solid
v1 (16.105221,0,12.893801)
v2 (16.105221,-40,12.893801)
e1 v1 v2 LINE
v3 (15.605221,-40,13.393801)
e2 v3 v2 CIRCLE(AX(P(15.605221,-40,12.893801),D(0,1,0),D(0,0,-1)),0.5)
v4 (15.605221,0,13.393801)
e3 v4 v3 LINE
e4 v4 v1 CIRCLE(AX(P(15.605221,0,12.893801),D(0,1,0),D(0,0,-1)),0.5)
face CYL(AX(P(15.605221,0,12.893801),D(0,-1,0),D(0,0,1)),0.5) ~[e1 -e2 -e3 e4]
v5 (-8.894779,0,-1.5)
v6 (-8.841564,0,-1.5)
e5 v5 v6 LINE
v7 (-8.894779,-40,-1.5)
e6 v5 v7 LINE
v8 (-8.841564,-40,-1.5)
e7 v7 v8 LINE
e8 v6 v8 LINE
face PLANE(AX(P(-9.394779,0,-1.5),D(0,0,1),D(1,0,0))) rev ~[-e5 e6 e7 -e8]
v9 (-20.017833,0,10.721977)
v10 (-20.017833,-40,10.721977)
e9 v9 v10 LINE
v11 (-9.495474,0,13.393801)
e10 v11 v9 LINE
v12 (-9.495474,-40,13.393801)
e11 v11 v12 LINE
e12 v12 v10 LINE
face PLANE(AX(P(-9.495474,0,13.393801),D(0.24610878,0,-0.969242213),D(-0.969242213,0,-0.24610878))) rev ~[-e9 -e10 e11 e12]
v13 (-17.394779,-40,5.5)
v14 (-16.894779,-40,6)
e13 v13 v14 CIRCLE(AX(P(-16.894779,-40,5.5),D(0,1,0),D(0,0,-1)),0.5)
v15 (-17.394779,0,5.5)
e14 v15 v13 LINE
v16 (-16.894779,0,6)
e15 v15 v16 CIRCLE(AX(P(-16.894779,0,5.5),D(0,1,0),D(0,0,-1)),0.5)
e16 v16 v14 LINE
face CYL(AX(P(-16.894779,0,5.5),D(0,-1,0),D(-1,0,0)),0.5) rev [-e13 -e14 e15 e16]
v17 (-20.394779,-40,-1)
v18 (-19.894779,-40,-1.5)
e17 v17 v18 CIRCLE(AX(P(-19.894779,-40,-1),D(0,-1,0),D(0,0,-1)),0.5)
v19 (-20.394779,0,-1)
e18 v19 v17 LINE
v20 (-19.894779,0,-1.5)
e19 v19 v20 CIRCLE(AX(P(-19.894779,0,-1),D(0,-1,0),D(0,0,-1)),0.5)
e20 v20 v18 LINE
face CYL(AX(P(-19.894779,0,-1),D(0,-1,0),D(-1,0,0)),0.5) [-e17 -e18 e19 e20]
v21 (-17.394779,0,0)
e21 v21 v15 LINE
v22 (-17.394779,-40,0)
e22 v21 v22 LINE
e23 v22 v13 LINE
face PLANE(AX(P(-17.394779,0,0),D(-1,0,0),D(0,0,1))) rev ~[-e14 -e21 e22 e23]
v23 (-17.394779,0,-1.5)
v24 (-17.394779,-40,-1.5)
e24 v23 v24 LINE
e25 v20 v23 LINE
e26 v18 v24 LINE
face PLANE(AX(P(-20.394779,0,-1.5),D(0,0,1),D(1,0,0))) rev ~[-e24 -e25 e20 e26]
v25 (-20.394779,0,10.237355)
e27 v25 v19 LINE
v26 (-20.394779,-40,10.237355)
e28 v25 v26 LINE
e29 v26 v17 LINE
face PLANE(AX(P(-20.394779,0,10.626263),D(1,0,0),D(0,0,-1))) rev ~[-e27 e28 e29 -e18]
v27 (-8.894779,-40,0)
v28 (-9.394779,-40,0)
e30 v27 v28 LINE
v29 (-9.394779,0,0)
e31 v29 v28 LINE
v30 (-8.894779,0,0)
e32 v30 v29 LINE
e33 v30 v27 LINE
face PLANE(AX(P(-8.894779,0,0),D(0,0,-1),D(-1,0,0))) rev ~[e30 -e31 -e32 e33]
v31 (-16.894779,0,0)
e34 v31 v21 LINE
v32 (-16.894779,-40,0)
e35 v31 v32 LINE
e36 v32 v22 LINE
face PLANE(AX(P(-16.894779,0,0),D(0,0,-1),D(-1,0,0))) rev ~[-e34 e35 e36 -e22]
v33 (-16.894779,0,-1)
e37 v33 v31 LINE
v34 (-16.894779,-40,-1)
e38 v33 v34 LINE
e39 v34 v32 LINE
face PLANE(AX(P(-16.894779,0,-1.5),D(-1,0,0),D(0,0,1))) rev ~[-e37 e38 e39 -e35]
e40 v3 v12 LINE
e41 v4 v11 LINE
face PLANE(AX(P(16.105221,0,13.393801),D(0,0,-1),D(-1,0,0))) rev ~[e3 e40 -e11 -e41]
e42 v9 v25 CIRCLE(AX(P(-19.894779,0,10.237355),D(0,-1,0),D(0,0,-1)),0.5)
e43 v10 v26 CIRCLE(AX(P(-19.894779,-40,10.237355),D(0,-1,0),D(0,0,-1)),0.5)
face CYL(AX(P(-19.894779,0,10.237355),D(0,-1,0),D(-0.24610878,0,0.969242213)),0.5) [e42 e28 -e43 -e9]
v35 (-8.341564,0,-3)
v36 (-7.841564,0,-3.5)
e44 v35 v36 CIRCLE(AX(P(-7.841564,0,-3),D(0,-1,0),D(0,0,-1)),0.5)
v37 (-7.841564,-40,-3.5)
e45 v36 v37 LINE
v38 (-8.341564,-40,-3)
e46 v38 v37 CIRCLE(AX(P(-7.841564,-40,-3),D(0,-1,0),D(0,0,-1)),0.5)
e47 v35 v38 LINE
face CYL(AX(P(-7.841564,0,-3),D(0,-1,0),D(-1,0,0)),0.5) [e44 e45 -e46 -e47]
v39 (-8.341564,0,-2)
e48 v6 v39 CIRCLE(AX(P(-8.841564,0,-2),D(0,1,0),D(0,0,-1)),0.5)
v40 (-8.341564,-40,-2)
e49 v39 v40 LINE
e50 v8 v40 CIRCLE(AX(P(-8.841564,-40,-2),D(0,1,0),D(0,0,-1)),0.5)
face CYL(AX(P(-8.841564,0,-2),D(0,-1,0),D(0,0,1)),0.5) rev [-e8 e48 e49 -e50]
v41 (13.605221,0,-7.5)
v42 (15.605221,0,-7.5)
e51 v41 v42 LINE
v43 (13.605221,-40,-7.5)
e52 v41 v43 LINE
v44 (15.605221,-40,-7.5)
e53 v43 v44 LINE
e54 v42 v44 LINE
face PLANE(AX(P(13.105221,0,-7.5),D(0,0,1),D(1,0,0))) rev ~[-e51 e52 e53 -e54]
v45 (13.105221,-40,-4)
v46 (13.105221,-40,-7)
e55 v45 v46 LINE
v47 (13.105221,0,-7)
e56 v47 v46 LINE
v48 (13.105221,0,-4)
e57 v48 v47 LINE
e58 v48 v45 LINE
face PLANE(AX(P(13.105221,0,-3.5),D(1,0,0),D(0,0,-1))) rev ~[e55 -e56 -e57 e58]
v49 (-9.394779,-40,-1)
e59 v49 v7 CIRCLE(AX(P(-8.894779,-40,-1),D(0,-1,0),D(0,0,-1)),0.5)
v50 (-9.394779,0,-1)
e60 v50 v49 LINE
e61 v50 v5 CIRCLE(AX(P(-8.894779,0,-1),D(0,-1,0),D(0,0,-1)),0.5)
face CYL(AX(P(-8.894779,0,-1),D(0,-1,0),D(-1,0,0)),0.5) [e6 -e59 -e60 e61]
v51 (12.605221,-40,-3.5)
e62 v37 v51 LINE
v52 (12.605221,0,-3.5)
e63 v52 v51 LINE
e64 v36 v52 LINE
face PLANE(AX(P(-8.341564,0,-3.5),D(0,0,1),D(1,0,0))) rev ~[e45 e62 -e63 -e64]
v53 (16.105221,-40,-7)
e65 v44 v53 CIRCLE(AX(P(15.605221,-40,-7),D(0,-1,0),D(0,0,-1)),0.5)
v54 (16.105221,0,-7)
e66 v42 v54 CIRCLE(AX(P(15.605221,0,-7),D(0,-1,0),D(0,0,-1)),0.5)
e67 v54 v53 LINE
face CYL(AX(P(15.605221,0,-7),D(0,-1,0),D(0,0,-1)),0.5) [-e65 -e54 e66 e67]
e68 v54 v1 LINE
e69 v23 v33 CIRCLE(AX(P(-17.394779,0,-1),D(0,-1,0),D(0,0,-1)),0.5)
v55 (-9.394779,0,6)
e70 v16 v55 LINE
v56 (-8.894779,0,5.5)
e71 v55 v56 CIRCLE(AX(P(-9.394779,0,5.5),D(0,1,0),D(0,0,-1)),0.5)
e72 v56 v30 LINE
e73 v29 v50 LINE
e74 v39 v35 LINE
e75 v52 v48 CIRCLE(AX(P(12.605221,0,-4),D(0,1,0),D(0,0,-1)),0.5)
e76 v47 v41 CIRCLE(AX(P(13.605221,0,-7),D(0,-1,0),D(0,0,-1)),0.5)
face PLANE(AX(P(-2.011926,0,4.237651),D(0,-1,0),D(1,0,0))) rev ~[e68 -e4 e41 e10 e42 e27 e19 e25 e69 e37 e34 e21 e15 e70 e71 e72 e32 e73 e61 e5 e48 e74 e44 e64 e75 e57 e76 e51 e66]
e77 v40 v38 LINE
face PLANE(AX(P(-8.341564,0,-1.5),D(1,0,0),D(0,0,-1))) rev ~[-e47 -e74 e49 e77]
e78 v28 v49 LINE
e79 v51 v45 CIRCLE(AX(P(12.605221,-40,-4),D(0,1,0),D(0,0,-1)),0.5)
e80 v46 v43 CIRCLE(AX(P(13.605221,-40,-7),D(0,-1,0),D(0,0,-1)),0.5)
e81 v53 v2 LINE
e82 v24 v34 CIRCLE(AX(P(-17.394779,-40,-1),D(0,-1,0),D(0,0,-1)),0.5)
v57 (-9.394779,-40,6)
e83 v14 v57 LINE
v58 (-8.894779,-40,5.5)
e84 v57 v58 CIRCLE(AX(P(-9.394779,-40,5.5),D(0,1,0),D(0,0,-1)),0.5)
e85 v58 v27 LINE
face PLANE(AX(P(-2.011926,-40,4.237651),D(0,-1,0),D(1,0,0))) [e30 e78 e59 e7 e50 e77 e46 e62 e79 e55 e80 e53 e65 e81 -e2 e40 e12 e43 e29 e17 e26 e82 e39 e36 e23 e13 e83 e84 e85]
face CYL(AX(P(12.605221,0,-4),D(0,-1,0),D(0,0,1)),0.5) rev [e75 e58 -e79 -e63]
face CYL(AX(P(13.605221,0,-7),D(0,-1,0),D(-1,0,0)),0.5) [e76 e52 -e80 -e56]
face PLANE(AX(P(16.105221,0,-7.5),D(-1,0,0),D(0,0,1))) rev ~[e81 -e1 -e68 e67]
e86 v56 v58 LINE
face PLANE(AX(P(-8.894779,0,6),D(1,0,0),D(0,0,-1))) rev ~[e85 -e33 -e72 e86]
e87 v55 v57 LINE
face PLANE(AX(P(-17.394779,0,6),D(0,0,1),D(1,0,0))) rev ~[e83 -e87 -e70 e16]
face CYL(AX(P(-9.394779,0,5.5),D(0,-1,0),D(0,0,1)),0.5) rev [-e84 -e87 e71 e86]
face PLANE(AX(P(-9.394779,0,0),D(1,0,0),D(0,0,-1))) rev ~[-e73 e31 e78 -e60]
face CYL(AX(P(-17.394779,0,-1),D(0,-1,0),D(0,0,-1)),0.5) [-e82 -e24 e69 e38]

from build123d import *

# Parameters (mm, degrees)
F1_DEPTH = 40
F2_R     = 0.5


with BuildPart() as f1:
    # F0 (on Front) → F1 (new body)
    with BuildSketch(Plane.XZ):
        Polygon((16.105221, 13.393801), (-9.495474, 13.393801), (-20.394779, 10.626263), (-20.394779, -1.5), (-16.894779, -1.5), (-16.894779, 0), (-17.394779, 0), (-17.394779, 6), (-8.894779, 6), (-8.894779, 0), (-9.394779, 0), (-9.394779, -1.5), (-8.341564, -1.5), (-8.341564, -3.5), (13.105221, -3.5), (13.105221, -7.5), (16.105221, -7.5), align=None)
    extrude(amount=F1_DEPTH)

    # F2
    f2_edges = [f1.edges().sort_by_distance(p)[0] for p in [
        (-16.894779, -20, -1.5),
        (-8.341564, -20, -3.5),
        (13.105221, -20, -7.5),
        (16.105221, -20, -7.5),
        (16.105221, -20, 13.393801),
        (-20.394779, -20, -1.5),
        (-20.394779, -20, 10.626263),
        (-17.394779, -20, 6),
        (-8.894779, -20, 6),
        (13.105221, -20, -3.5),
        (-8.341564, -20, -1.5),
        (-9.394779, -20, -1.5),
    ]]
    fillet(f2_edges, radius=F2_R)


solid = f1.part
